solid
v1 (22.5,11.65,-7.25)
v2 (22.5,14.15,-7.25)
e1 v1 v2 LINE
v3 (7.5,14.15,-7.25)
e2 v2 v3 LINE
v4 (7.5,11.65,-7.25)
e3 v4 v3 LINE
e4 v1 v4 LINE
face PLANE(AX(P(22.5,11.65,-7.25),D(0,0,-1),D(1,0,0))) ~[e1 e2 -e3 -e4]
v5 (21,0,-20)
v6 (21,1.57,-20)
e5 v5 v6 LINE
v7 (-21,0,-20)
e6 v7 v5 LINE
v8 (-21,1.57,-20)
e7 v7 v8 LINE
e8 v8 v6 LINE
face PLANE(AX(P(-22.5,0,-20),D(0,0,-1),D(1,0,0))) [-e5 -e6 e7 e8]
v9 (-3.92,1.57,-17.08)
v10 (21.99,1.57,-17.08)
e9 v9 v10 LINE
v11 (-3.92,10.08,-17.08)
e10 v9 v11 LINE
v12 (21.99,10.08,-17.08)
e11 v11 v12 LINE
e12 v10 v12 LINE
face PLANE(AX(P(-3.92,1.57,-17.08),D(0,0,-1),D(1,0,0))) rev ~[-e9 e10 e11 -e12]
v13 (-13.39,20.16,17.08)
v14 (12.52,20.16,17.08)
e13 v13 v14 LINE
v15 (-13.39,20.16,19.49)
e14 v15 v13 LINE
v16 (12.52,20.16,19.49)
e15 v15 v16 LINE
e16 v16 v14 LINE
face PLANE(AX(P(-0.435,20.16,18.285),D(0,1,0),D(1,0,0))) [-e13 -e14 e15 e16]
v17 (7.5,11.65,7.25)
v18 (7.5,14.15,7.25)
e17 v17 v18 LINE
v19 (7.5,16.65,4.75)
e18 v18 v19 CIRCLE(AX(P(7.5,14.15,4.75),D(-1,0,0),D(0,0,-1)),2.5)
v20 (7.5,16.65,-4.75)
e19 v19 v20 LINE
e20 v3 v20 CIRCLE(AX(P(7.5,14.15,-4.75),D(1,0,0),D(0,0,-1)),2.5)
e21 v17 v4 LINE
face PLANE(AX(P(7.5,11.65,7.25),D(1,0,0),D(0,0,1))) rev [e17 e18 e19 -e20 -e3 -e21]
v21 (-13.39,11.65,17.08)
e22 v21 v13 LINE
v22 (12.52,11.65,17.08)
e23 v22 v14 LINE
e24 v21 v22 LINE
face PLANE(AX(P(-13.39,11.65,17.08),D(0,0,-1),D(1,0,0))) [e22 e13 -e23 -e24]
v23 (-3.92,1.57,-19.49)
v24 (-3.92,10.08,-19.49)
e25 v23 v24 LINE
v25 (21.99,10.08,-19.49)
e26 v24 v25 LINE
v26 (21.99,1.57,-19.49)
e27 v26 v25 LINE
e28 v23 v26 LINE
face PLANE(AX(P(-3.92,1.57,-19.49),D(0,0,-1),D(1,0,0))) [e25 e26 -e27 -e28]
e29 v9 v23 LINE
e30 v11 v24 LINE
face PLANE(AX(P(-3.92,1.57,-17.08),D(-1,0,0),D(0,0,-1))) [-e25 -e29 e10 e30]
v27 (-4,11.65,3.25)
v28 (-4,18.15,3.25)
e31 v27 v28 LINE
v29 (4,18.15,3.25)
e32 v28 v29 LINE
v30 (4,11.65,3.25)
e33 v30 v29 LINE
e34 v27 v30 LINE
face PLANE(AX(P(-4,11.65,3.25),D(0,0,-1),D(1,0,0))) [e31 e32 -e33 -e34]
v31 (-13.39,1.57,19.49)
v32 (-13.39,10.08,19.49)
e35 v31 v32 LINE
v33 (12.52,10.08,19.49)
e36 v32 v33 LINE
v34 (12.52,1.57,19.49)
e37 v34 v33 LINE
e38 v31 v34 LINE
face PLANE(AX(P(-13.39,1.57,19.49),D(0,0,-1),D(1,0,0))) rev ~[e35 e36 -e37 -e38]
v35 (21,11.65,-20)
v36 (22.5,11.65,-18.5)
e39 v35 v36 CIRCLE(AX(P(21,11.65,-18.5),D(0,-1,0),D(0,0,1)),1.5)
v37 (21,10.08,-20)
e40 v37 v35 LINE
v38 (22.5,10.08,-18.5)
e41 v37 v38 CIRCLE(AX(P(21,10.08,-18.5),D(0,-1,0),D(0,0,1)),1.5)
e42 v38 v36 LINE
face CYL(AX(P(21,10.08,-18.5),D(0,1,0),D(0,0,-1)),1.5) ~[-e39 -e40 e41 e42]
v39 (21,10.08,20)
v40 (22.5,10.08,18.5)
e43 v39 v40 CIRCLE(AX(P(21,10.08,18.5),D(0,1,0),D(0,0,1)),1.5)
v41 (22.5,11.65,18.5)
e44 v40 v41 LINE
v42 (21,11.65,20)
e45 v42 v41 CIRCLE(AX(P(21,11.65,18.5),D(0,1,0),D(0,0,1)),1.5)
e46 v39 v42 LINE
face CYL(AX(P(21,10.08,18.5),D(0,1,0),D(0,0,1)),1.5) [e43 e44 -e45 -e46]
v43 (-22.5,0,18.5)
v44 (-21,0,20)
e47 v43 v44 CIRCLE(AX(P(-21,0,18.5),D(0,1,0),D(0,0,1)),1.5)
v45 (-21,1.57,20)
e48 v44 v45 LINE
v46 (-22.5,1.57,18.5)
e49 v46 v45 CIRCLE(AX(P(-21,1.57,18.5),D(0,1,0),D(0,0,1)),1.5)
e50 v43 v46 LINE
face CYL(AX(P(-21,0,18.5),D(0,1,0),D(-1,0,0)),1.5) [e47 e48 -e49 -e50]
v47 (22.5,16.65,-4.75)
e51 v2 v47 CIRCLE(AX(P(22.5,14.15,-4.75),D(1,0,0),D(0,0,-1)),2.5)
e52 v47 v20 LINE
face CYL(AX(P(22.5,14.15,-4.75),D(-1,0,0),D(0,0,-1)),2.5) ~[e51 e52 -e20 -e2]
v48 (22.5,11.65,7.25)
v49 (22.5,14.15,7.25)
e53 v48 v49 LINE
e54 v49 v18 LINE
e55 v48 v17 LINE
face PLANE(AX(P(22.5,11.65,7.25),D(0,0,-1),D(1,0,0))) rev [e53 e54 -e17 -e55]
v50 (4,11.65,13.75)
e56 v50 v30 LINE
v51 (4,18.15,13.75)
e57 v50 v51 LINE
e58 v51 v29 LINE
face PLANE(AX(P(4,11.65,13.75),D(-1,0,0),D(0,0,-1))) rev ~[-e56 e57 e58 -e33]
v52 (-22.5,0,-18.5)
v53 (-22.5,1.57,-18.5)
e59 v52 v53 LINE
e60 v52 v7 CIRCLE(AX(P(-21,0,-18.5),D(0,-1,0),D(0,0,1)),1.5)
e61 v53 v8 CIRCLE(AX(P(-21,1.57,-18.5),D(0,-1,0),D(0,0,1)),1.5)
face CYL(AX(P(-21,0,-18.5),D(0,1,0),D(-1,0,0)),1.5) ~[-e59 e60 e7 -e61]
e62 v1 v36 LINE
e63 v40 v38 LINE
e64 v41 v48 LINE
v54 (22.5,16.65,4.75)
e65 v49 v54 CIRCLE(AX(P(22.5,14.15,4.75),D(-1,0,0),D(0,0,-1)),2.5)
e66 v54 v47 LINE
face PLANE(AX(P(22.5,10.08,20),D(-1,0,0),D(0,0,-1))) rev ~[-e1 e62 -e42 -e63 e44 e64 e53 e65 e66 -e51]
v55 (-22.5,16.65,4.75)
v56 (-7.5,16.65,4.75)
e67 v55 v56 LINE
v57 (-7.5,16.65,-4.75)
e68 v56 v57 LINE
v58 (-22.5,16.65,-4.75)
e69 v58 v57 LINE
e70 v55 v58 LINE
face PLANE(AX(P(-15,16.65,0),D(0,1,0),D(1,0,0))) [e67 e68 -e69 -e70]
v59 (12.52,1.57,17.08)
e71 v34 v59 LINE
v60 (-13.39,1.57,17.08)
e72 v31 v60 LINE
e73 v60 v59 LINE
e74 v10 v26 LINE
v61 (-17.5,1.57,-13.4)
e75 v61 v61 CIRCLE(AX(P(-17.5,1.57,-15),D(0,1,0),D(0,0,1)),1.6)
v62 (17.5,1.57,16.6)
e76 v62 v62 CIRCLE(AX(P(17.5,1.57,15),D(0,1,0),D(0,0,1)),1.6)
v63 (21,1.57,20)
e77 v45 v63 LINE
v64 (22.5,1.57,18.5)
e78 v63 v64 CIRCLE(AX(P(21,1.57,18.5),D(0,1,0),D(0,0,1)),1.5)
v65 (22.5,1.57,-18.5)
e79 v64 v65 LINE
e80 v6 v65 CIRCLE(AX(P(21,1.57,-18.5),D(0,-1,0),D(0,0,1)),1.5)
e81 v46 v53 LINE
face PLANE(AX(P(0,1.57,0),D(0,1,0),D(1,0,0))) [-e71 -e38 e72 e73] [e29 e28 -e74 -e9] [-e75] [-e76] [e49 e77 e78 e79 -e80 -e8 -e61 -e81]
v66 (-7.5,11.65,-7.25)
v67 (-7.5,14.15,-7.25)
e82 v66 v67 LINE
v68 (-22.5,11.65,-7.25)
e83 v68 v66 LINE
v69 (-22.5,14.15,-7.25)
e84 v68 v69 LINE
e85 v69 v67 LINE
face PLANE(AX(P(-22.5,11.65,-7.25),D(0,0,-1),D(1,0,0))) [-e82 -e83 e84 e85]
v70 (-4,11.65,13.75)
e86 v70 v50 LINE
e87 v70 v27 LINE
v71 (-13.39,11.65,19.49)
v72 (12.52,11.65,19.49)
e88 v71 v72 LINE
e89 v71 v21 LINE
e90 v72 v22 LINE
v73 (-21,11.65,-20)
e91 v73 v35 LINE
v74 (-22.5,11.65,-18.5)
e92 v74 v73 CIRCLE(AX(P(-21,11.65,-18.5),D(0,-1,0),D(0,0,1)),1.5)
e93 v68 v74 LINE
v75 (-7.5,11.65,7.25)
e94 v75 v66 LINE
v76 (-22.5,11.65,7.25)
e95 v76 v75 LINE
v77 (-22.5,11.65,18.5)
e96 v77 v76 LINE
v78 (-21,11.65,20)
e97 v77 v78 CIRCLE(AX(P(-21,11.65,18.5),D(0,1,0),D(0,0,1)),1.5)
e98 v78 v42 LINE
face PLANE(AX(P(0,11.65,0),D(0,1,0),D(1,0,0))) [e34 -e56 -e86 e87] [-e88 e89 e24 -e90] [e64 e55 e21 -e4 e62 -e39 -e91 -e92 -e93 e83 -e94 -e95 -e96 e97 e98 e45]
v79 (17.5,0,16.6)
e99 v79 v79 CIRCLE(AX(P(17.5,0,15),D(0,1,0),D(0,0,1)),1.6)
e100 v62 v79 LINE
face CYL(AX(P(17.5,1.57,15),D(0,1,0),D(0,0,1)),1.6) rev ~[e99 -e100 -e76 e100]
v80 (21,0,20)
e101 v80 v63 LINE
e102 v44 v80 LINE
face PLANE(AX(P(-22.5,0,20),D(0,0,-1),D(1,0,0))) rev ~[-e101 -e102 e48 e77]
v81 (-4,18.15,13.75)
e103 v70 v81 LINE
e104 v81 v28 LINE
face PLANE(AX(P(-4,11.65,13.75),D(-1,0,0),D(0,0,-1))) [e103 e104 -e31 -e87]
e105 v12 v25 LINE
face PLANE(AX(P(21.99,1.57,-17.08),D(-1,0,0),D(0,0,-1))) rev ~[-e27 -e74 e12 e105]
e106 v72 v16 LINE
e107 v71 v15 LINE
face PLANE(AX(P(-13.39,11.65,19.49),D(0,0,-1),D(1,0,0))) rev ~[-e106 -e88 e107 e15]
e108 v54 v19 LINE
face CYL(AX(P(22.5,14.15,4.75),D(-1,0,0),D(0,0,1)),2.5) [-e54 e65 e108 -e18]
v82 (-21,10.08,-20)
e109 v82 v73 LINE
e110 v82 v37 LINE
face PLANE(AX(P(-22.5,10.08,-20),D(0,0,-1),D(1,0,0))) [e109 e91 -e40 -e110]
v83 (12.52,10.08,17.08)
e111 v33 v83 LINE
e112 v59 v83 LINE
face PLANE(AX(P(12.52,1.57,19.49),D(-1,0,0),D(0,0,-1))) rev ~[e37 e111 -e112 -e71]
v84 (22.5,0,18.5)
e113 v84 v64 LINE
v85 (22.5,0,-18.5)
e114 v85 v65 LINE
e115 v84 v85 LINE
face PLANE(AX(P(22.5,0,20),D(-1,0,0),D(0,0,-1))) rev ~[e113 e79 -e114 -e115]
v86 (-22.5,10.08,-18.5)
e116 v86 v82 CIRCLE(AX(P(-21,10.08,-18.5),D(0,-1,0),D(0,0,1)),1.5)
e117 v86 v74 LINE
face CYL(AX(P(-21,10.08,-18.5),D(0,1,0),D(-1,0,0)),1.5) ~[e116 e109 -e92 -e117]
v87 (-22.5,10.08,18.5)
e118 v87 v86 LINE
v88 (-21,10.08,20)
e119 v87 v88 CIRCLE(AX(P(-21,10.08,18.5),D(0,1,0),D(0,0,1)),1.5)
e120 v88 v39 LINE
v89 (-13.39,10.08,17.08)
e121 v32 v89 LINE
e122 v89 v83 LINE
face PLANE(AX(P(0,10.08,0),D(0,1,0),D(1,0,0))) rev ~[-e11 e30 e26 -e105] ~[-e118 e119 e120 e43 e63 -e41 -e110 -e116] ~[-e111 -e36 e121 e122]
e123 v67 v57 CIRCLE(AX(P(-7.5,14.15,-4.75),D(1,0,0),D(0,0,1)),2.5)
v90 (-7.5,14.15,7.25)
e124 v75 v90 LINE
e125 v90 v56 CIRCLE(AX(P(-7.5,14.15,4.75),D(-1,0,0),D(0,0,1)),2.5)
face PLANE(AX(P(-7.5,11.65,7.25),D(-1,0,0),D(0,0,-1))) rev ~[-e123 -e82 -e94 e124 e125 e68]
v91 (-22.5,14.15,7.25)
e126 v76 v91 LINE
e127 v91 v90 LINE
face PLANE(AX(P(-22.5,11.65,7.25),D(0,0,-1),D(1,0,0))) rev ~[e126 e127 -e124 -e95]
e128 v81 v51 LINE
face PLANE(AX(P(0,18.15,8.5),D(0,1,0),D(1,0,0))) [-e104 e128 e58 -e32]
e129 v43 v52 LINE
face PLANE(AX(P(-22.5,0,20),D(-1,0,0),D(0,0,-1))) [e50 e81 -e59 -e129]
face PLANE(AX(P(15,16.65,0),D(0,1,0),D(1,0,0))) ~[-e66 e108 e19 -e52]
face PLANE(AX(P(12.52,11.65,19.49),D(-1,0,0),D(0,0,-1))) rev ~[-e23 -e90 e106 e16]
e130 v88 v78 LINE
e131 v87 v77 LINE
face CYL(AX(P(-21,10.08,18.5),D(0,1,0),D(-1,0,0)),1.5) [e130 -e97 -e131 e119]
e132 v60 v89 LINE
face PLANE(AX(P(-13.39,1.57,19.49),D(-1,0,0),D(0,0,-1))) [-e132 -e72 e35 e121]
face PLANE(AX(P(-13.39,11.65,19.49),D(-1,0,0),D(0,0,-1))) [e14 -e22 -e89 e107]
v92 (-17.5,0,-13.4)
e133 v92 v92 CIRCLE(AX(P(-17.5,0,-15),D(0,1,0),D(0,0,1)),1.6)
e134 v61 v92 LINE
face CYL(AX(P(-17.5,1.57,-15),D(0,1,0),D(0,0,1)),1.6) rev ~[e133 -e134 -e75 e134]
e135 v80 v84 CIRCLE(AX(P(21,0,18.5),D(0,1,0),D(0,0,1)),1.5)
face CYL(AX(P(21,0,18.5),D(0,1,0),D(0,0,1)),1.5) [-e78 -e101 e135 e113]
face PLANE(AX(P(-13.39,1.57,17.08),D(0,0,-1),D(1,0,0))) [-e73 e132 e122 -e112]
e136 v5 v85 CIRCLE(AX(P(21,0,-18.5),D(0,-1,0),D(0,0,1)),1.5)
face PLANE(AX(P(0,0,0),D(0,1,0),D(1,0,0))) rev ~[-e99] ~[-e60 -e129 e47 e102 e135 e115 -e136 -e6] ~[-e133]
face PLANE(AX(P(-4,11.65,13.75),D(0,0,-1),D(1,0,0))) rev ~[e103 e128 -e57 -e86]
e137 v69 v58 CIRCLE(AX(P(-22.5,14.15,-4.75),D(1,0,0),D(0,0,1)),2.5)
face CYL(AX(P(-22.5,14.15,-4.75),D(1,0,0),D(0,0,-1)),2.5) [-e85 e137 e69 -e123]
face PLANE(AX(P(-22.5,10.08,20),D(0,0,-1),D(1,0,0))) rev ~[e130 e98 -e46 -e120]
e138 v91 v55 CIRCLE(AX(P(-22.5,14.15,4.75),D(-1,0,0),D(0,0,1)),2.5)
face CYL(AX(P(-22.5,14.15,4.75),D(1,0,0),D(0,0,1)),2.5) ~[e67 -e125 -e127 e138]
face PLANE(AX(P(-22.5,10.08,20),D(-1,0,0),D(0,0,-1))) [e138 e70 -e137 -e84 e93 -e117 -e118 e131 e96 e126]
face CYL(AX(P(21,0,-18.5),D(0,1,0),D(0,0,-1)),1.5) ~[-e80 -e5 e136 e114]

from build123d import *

# Parameters (mm, degrees)
SKETCH1_W            = 45
SKETCH1_H            = 40
BOSS_EXTRUDE1_DEPTH  = 1.57
SKETCH2_W            = 25.91
SKETCH2_H            = 2.41
BOSS_EXTRUDE2_DEPTH  = 8.51
SKETCH3_W            = 45
SKETCH3_H            = 40
BOSS_EXTRUDE3_DEPTH  = 1.57
SKETCH4_W            = 25.91
SKETCH4_H            = 2.41
BOSS_EXTRUDE4_DEPTH  = 8.51
SKETCH5_W            = 15
SKETCH5_H            = 14.5
BOSS_EXTRUDE5_DEPTH  = 5
FILLET1_R            = 2.5
FILLET1_OF_MIRROR1_R = 2.5
SKETCH6_W            = 8
SKETCH6_H            = 10.5
BOSS_EXTRUDE6_DEPTH  = 6.5
CUT_EXTRUDE1_REACH   = 37.381
SKETCH7_R            = 1.6
FILLET2_R            = 1.5
FILLET3_R            = 1.5


with BuildPart() as part:
    # Sketch1 → Boss-Extrude1 (new body)
    with BuildSketch(Plane(origin=(0, 0, 0), x_dir=(1, 0, 0), z_dir=(0, 1, 0))):
        Rectangle(SKETCH1_W, SKETCH1_H)
    extrude(amount=BOSS_EXTRUDE1_DEPTH)

    # Sketch2 → Boss-Extrude2 (add)
    with BuildSketch(Plane(origin=(0, 1.57, 0), x_dir=(1, 0, 0), z_dir=(0, 1, 0))):
        with Locations((9.035, 18.285)):
            Rectangle(SKETCH2_W, SKETCH2_H)
        with Locations((-0.435, -18.285)):
            Rectangle(SKETCH2_W, SKETCH2_H)
    extrude(amount=BOSS_EXTRUDE2_DEPTH)

    # Sketch3 → Boss-Extrude3 (add)
    with BuildSketch(Plane(origin=(0, 10.08, 0), x_dir=(1, 0, 0), z_dir=(0, 1, 0))):
        Rectangle(SKETCH3_W, SKETCH3_H)
    extrude(amount=BOSS_EXTRUDE3_DEPTH)

    # Sketch4 → Boss-Extrude4 (add)
    with BuildSketch(Plane(origin=(0, 11.65, 0), x_dir=(1, 0, 0), z_dir=(0, 1, 0))):
        with Locations((-0.435, -18.285)):
            Rectangle(SKETCH4_W, SKETCH4_H)
    extrude(amount=BOSS_EXTRUDE4_DEPTH)

    # Sketch5 → Boss-Extrude5 (add)
    with BuildSketch(Plane(origin=(0, 11.65, 0), x_dir=(1, 0, 0), z_dir=(0, 1, 0))):
        with Locations((-15, 0)):
            Rectangle(SKETCH5_W, SKETCH5_H)
    boss_extrude5 = extrude(amount=BOSS_EXTRUDE5_DEPTH)

    # Fillet1
    fillet1_edges = [part.edges().sort_by_distance(p)[0] for p in [
        (-15, 16.65, 7.25),
        (-15, 16.65, -7.25),
    ]]
    fillet(fillet1_edges, radius=FILLET1_R)

    # Mirror1: Boss-Extrude5 across plane
    add(boss_extrude5.mirror(Plane(origin=(0, 0, 0), x_dir=(0, 0, 1), z_dir=(1, 0, 0))))

    # Fillet1 of Mirror1
    fillet1_of_mirror1_edges = [part.edges().sort_by_distance(p)[0] for p in [
        (15, 16.65, 7.25),
        (15, 16.65, -7.25),
    ]]
    fillet(fillet1_of_mirror1_edges, radius=FILLET1_OF_MIRROR1_R)

    # Sketch6 → Boss-Extrude6 (add)
    with BuildSketch(Plane(origin=(0, 11.65, 0), x_dir=(1, 0, 0), z_dir=(0, 1, 0))):
        with Locations((0, -8.5)):
            Rectangle(SKETCH6_W, SKETCH6_H)
    extrude(amount=BOSS_EXTRUDE6_DEPTH)

    # Sketch7 → Cut-Extrude1 (cut, up to next)
    with BuildSketch(Plane(origin=(0, 1.57, 0), x_dir=(1, 0, 0), z_dir=(0, 1, 0)), mode=Mode.PRIVATE) as cut_extrude1_sk1:
        with Locations(Location((17.5, -15, 0), (0, 0, 270))):
            Circle(SKETCH7_R)
    cut_extrude1_tool1 = extrude(cut_extrude1_sk1.sketch, amount=-CUT_EXTRUDE1_REACH, mode=Mode.PRIVATE) & part.part
    # Sketch7 → Cut-Extrude1 (cut, up to next)
    with BuildSketch(Plane(origin=(0, 1.57, 0), x_dir=(1, 0, 0), z_dir=(0, 1, 0)), mode=Mode.PRIVATE) as cut_extrude1_sk2:
        with Locations(Location((-17.5, 15, 0), (0, 0, 270))):
            Circle(SKETCH7_R)
    cut_extrude1_tool2 = extrude(cut_extrude1_sk2.sketch, amount=-CUT_EXTRUDE1_REACH, mode=Mode.PRIVATE) & part.part
    add(cut_extrude1_tool1.solids().sort_by_distance((17.5, 1.57, 15))[0], mode=Mode.SUBTRACT)
    add(cut_extrude1_tool2.solids().sort_by_distance((-17.5, 1.57, -15))[0], mode=Mode.SUBTRACT)

    # Fillet2
    fillet2_edges = [part.edges().sort_by_distance(p)[0] for p in [
        (22.5, 0.785, 20),
        (-22.5, 0.785, 20),
        (-22.5, 0.785, -20),
        (22.5, 0.785, -20),
    ]]
    fillet(fillet2_edges, radius=FILLET2_R)

    # Fillet3
    fillet3_edges = [part.edges().sort_by_distance(p)[0] for p in [
        (22.5, 10.865, 20),
        (22.5, 10.865, -20),
        (-22.5, 10.865, -20),
        (-22.5, 10.865, 20),
    ]]
    fillet(fillet3_edges, radius=FILLET3_R)


solid = part.part
